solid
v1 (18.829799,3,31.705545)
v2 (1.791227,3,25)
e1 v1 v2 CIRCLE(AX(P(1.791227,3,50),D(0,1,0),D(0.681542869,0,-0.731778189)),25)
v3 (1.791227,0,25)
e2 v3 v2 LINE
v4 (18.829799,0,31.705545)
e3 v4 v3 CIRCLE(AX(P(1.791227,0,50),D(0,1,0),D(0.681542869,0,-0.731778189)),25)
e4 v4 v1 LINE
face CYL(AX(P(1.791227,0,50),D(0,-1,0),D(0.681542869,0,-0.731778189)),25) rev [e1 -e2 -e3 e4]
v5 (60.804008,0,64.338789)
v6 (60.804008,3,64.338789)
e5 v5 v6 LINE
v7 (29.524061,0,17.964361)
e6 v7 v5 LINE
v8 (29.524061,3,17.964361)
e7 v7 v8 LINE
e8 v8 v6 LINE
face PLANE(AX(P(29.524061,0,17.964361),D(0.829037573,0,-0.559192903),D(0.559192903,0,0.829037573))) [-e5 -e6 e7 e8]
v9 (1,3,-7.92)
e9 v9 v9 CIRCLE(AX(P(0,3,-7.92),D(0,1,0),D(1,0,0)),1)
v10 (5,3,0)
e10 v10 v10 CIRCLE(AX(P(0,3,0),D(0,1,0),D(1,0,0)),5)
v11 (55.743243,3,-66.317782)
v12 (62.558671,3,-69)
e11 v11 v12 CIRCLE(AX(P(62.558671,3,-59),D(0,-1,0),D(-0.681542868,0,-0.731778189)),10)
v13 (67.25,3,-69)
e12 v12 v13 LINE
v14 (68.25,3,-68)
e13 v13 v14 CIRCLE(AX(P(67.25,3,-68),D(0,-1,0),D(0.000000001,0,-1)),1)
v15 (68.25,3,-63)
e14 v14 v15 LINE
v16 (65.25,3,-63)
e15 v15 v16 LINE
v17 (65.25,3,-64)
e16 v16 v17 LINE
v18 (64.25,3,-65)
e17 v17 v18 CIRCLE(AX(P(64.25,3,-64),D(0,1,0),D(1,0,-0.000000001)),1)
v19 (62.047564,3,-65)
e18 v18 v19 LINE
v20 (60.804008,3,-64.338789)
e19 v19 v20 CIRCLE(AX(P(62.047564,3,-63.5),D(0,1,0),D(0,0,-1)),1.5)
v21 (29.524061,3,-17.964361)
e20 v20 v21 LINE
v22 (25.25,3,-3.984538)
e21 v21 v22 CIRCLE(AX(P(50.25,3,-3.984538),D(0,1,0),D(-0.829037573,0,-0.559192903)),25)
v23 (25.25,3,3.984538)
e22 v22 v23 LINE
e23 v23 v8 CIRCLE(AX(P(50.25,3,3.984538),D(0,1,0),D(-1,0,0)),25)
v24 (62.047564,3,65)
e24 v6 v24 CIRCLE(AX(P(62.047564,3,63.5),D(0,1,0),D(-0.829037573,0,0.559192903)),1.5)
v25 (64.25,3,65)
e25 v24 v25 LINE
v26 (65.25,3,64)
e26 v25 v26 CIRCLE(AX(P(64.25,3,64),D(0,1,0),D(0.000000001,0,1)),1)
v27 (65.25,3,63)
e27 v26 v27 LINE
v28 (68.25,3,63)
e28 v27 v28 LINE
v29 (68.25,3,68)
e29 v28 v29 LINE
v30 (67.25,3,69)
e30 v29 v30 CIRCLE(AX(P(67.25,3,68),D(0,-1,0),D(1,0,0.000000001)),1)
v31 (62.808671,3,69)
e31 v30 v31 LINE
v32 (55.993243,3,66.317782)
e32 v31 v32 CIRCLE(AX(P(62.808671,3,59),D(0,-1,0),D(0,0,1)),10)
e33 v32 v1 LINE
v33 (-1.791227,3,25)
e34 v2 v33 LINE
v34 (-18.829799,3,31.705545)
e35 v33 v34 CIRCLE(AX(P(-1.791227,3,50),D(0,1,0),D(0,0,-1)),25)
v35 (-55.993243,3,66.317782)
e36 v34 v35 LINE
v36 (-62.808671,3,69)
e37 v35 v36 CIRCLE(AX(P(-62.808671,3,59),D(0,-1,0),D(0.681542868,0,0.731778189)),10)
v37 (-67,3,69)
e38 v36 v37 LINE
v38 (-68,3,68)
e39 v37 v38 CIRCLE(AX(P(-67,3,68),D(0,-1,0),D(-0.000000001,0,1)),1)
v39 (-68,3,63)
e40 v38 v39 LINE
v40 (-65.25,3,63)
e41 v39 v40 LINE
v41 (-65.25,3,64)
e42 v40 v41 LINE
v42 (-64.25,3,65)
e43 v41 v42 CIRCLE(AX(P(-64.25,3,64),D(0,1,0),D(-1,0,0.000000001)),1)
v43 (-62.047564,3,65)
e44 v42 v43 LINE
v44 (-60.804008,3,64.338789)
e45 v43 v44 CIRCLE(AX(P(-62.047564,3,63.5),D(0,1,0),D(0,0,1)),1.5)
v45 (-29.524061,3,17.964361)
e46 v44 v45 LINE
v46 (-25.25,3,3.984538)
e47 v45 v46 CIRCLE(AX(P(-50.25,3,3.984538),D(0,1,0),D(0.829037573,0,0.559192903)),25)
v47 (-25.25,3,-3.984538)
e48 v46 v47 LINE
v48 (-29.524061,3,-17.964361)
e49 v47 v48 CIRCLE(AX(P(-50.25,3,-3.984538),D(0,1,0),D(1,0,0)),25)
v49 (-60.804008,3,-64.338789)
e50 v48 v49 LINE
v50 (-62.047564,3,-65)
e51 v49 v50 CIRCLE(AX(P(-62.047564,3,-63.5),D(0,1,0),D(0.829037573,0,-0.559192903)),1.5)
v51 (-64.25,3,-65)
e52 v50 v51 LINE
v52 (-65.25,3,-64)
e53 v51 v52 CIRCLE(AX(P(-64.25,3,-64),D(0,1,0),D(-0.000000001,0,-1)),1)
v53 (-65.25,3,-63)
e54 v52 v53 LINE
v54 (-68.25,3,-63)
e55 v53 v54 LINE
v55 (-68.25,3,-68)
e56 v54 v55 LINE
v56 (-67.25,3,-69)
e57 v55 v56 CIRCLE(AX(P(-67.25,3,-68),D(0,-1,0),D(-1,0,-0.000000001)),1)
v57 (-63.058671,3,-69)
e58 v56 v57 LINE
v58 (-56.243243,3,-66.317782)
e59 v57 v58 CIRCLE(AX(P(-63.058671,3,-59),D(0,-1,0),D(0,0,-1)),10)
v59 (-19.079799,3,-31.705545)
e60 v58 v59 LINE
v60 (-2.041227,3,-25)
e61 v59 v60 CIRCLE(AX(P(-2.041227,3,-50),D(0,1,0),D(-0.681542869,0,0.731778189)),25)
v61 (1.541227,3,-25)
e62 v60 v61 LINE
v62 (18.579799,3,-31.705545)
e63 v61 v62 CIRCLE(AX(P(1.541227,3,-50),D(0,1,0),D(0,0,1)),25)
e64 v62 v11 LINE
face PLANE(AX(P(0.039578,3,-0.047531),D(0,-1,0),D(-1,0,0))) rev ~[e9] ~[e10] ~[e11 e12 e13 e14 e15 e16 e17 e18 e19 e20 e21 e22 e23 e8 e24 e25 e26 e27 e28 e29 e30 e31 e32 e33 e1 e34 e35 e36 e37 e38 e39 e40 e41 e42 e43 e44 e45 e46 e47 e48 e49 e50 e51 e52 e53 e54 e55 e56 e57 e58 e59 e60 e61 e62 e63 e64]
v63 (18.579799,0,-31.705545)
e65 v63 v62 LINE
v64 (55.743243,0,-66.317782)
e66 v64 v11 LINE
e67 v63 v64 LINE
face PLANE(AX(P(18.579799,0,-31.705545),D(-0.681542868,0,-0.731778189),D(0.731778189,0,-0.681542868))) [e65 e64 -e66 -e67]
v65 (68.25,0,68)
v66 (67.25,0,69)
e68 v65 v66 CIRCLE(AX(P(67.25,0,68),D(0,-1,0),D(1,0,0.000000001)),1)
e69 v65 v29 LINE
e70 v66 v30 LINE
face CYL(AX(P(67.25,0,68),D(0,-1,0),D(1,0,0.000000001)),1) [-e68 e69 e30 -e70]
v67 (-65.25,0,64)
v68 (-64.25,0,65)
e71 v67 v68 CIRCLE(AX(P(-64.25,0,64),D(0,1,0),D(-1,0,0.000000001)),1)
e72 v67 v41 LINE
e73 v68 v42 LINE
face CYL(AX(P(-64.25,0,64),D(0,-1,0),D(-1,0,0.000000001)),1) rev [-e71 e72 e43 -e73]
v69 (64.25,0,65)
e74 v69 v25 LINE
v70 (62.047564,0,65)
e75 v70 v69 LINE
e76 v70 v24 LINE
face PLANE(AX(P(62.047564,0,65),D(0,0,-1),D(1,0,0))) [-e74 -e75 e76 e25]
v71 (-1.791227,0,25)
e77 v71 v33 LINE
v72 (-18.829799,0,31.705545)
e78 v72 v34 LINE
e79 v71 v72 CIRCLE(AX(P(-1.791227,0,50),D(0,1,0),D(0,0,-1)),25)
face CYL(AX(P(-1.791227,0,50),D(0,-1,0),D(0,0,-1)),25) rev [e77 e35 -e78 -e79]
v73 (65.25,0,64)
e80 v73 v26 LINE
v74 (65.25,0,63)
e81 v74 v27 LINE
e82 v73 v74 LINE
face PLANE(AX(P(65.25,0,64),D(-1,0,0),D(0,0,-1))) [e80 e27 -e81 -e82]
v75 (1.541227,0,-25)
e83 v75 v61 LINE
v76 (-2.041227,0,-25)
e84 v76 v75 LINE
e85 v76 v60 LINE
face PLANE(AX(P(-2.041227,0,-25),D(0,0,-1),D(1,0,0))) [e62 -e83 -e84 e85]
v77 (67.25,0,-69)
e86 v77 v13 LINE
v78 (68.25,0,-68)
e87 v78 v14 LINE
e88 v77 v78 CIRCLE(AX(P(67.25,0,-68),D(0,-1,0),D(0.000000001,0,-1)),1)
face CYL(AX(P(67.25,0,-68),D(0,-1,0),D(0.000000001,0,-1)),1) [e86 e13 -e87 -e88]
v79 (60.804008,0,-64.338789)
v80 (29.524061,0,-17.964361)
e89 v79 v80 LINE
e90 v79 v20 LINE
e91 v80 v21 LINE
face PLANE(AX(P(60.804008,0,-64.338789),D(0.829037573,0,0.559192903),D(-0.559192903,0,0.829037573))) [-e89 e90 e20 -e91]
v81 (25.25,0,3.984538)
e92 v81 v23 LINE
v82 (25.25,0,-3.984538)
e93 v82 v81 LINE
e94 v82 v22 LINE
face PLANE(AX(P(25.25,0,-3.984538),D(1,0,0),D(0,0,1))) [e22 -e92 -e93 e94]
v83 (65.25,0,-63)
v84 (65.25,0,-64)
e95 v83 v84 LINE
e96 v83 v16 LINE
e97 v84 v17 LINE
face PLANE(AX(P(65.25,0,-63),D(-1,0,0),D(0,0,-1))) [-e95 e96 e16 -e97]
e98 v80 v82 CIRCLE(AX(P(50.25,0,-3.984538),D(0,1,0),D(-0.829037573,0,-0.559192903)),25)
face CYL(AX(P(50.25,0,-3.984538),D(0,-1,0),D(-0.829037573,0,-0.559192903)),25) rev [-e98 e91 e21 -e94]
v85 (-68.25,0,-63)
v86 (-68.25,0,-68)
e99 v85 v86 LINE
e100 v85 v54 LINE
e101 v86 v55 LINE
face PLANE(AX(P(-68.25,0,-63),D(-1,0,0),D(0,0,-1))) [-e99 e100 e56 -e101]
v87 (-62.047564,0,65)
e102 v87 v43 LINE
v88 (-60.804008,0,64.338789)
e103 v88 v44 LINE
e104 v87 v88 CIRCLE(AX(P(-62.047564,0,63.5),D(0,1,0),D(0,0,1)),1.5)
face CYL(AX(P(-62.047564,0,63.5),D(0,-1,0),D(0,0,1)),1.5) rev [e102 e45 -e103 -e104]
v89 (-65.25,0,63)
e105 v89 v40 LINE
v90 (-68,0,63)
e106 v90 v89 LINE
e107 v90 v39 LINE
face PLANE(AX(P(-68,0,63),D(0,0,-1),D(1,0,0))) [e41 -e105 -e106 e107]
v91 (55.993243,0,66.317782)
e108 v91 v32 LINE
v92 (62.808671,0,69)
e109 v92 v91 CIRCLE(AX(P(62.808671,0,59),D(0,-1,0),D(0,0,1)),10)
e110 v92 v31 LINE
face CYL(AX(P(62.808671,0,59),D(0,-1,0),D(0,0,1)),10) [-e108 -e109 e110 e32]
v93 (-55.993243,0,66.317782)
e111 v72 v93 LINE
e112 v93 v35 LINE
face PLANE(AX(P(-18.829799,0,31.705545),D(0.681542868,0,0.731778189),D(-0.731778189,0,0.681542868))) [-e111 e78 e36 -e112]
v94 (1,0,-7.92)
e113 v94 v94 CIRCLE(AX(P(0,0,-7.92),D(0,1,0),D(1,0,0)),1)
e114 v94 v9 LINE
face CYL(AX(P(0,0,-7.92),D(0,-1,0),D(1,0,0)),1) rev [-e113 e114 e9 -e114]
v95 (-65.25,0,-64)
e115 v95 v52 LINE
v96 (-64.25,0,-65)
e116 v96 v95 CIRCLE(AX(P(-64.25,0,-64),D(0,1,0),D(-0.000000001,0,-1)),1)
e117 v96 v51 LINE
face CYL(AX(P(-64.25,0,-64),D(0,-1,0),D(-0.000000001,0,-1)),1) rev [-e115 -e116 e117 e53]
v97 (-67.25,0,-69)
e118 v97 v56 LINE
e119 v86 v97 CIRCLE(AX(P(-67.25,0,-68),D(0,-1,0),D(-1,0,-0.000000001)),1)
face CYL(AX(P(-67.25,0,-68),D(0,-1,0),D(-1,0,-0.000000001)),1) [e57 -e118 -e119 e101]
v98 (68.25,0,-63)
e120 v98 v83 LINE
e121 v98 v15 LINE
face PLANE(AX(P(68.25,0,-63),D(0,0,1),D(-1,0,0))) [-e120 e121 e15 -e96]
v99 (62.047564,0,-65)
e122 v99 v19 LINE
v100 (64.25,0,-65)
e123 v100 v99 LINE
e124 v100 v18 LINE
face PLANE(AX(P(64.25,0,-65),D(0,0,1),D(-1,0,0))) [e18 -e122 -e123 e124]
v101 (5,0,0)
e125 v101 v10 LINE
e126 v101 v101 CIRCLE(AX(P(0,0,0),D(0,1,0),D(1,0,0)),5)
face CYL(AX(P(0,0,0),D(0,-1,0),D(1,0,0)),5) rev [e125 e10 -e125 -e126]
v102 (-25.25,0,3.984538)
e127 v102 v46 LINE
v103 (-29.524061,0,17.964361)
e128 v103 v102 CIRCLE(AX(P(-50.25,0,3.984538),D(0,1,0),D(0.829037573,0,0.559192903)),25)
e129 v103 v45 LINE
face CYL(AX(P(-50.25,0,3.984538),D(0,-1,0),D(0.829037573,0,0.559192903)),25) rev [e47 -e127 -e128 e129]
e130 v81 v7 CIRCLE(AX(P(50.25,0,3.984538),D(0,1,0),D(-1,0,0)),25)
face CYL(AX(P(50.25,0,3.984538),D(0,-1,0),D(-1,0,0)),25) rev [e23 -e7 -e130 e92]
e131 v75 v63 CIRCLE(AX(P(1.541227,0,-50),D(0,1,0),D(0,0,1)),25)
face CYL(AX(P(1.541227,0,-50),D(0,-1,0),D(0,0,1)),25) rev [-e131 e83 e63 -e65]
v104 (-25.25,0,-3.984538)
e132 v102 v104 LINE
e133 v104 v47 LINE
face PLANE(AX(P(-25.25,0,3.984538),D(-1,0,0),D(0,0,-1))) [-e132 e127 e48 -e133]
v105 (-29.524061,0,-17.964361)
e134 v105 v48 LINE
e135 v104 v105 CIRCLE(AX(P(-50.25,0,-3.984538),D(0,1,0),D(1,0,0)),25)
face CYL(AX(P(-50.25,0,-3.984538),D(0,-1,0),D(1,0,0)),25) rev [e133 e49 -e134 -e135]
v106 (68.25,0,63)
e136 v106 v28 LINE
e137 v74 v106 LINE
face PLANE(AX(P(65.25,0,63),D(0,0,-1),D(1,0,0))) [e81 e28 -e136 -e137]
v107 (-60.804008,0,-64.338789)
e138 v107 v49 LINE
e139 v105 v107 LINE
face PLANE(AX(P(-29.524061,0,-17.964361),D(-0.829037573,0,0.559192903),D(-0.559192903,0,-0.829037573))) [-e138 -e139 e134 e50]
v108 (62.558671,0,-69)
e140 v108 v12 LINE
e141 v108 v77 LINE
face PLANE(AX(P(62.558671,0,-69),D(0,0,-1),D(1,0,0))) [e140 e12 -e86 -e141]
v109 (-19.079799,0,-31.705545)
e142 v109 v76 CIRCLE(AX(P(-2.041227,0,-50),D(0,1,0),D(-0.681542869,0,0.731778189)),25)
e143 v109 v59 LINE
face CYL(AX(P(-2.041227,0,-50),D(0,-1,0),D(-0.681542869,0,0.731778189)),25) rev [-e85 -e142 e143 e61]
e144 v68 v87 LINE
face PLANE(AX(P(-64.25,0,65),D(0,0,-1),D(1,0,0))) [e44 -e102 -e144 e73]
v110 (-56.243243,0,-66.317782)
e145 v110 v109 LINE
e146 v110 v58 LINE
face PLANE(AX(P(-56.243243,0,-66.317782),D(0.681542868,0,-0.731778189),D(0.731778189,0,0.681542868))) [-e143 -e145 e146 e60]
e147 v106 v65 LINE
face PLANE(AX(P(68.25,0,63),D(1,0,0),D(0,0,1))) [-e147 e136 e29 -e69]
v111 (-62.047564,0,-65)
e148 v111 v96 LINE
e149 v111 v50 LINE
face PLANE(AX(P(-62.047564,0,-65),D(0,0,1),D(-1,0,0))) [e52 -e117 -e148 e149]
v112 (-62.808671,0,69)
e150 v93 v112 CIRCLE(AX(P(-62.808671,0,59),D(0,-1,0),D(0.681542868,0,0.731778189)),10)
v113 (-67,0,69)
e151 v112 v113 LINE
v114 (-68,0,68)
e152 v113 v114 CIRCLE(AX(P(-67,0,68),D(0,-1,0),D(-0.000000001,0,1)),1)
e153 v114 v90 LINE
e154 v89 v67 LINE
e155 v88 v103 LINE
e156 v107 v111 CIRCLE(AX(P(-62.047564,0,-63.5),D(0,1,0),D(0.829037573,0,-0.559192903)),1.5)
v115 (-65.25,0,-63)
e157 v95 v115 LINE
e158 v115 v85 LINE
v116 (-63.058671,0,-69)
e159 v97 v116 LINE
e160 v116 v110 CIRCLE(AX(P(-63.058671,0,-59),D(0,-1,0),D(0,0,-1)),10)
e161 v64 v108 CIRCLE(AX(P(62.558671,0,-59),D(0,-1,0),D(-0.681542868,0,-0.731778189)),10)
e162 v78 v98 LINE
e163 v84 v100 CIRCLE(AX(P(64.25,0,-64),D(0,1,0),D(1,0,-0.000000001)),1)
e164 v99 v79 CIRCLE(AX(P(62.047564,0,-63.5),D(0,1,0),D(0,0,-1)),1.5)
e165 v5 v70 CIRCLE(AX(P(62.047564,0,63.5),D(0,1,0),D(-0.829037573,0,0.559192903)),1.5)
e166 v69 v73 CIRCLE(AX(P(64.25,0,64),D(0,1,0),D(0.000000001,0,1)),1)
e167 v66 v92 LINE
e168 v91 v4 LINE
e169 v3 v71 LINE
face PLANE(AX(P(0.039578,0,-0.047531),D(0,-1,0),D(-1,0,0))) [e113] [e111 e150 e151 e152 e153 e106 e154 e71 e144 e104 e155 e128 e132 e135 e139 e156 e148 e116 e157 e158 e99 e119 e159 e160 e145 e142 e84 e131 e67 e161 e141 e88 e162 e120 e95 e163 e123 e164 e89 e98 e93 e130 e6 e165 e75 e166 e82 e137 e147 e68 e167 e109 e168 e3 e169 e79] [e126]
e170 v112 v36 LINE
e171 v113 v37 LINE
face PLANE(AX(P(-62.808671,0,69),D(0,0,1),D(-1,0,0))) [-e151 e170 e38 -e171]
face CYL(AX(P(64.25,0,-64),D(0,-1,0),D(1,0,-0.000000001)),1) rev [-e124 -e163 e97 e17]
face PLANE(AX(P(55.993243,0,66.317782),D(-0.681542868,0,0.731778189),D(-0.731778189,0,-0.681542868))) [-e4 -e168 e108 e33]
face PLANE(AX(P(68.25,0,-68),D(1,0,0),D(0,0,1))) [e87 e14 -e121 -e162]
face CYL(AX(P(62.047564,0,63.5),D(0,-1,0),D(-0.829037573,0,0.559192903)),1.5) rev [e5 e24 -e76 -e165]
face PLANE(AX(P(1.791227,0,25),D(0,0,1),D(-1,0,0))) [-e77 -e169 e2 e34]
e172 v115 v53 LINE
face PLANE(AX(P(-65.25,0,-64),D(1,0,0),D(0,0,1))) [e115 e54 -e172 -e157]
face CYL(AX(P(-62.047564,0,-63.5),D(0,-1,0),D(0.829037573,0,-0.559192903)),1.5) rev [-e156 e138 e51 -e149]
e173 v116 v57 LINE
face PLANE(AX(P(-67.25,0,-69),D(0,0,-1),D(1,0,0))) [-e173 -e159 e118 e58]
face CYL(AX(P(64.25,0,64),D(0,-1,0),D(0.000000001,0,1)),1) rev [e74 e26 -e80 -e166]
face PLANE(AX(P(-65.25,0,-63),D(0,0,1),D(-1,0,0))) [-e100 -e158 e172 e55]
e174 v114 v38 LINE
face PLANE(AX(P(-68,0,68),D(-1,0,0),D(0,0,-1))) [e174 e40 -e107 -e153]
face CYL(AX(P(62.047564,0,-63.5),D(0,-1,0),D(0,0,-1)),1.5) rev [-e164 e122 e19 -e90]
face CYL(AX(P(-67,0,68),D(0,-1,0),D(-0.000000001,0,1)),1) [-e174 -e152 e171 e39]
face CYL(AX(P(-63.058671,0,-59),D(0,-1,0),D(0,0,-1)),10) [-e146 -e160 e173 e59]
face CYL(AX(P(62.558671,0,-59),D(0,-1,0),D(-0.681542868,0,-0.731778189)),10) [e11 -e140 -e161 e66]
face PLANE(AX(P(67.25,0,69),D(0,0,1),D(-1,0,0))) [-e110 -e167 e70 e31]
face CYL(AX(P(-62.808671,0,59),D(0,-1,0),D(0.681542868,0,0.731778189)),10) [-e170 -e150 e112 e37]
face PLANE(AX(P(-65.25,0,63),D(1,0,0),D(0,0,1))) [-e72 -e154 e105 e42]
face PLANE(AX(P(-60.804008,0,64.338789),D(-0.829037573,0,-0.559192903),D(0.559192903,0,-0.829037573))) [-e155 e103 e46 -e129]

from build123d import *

# Parameters (mm, degrees)
SKETCH1_R           = 5
SKETCH1_R_2         = 1
BOSS_EXTRUDE1_DEPTH = 3


with BuildPart() as part:
    # Sketch1 → Boss-Extrude1 (new body)
    with BuildSketch(Plane(origin=(0, 0, 0), x_dir=(1, 0, 0), z_dir=(0, 1, 0))):
        with BuildLine():
            Line((-65.25, 63), (-68.25, 63))
            Line((-68.25, 63), (-68.25, 68))
            ThreePointArc((-68.25, 68), (-67.957106781, 68.707106781), (-67.25, 69))
            Line((-67.25, 69), (-63.058671293, 69))
            ThreePointArc((-63.058671293, 69), (-59.396555712, 68.305316194), (-56.243242609, 66.317781894))
            Line((-56.243242609, 66.317781894), (-19.079799162, 31.705545266))
            ThreePointArc((-19.079799162, 31.705545266), (-11.196516404, 26.736709515), (-2.04122745, 25))
            Line((-2.04122745, 25), (1.54122745, 25))
            ThreePointArc((1.54122745, 25), (10.696516404, 26.736709515), (18.579799162, 31.705545266))
            Line((18.579799162, 31.705545266), (55.743242609, 66.317781894))
            ThreePointArc((55.743242609, 66.317781894), (58.896555712, 68.305316194), (62.558671293, 69))
            Line((62.558671293, 69), (67.25, 69))
            ThreePointArc((67.25, 69), (67.957106781, 68.707106781), (68.25, 68))
            Line((68.25, 68), (68.25, 63))
            Line((68.25, 63), (65.25, 63))
            Line((65.25, 63), (65.25, 64))
            ThreePointArc((65.25, 64), (64.957106781, 64.707106781), (64.25, 65))
            Line((64.25, 65), (62.047564147, 65))
            ThreePointArc((62.047564147, 65), (61.343356803, 64.824421389), (60.804007789, 64.338789355))
            Line((60.804007789, 64.338789355), (29.524060686, 17.964360684))
            ThreePointArc((29.524060686, 17.964360684), (26.342381101, 11.293830715), (25.25, 3.984538097))
            Line((25.25, 3.984538097), (25.25, -3.984538097))
            ThreePointArc((25.25, -3.984538097), (26.342381101, -11.293830715), (29.524060686, -17.964360684))
            Line((29.524060686, -17.964360684), (60.804007789, -64.338789355))
            ThreePointArc((60.804007789, -64.338789355), (61.343356803, -64.824421389), (62.047564147, -65))
            Line((62.047564147, -65), (64.25, -65))
            ThreePointArc((64.25, -65), (64.957106781, -64.707106781), (65.25, -64))
            Line((65.25, -64), (65.25, -63))
            Line((65.25, -63), (68.25, -63))
            Line((68.25, -63), (68.25, -68))
            ThreePointArc((68.25, -68), (67.957106781, -68.707106781), (67.25, -69))
            Line((67.25, -69), (62.808671293, -69))
            ThreePointArc((62.808671293, -69), (59.146555712, -68.305316194), (55.993242609, -66.317781894))
            Line((55.993242609, -66.317781894), (18.829799162, -31.705545266))
            ThreePointArc((18.829799162, -31.705545266), (10.946516404, -26.736709515), (1.79122745, -25))
            Line((1.79122745, -25), (-1.79122745, -25))
            ThreePointArc((-1.79122745, -25), (-10.946516404, -26.736709515), (-18.829799162, -31.705545266))
            Line((-18.829799162, -31.705545266), (-55.993242609, -66.317781894))
            ThreePointArc((-55.993242609, -66.317781894), (-59.146555712, -68.305316194), (-62.808671293, -69))
            Line((-62.808671293, -69), (-67, -69))
            ThreePointArc((-67, -69), (-67.707106781, -68.707106781), (-68, -68))
            Line((-68, -68), (-68, -63))
            Line((-68, -63), (-65.25, -63))
            Line((-65.25, -63), (-65.25, -64))
            ThreePointArc((-65.25, -64), (-64.957106781, -64.707106781), (-64.25, -65))
            Line((-64.25, -65), (-62.047564147, -65))
            ThreePointArc((-62.047564147, -65), (-61.343356803, -64.824421389), (-60.804007789, -64.338789355))
            Line((-60.804007789, -64.338789355), (-29.524060686, -17.964360684))
            ThreePointArc((-29.524060686, -17.964360684), (-26.342381101, -11.293830715), (-25.25, -3.984538097))
            Line((-25.25, -3.984538097), (-25.25, 3.984538097))
            ThreePointArc((-25.25, 3.984538097), (-26.342381101, 11.293830715), (-29.524060686, 17.964360684))
            Line((-29.524060686, 17.964360684), (-60.804007789, 64.338789355))
            ThreePointArc((-60.804007789, 64.338789355), (-61.343356803, 64.824421389), (-62.047564147, 65))
            Line((-62.047564147, 65), (-64.25, 65))
            ThreePointArc((-64.25, 65), (-64.957106781, 64.707106781), (-65.25, 64))
            Line((-65.25, 64), (-65.25, 63))
        make_face()
        Circle(SKETCH1_R, mode=Mode.SUBTRACT)
        with Locations((0, 7.92)):
            Circle(SKETCH1_R_2, mode=Mode.SUBTRACT)
    extrude(amount=BOSS_EXTRUDE1_DEPTH)


solid = part.part
